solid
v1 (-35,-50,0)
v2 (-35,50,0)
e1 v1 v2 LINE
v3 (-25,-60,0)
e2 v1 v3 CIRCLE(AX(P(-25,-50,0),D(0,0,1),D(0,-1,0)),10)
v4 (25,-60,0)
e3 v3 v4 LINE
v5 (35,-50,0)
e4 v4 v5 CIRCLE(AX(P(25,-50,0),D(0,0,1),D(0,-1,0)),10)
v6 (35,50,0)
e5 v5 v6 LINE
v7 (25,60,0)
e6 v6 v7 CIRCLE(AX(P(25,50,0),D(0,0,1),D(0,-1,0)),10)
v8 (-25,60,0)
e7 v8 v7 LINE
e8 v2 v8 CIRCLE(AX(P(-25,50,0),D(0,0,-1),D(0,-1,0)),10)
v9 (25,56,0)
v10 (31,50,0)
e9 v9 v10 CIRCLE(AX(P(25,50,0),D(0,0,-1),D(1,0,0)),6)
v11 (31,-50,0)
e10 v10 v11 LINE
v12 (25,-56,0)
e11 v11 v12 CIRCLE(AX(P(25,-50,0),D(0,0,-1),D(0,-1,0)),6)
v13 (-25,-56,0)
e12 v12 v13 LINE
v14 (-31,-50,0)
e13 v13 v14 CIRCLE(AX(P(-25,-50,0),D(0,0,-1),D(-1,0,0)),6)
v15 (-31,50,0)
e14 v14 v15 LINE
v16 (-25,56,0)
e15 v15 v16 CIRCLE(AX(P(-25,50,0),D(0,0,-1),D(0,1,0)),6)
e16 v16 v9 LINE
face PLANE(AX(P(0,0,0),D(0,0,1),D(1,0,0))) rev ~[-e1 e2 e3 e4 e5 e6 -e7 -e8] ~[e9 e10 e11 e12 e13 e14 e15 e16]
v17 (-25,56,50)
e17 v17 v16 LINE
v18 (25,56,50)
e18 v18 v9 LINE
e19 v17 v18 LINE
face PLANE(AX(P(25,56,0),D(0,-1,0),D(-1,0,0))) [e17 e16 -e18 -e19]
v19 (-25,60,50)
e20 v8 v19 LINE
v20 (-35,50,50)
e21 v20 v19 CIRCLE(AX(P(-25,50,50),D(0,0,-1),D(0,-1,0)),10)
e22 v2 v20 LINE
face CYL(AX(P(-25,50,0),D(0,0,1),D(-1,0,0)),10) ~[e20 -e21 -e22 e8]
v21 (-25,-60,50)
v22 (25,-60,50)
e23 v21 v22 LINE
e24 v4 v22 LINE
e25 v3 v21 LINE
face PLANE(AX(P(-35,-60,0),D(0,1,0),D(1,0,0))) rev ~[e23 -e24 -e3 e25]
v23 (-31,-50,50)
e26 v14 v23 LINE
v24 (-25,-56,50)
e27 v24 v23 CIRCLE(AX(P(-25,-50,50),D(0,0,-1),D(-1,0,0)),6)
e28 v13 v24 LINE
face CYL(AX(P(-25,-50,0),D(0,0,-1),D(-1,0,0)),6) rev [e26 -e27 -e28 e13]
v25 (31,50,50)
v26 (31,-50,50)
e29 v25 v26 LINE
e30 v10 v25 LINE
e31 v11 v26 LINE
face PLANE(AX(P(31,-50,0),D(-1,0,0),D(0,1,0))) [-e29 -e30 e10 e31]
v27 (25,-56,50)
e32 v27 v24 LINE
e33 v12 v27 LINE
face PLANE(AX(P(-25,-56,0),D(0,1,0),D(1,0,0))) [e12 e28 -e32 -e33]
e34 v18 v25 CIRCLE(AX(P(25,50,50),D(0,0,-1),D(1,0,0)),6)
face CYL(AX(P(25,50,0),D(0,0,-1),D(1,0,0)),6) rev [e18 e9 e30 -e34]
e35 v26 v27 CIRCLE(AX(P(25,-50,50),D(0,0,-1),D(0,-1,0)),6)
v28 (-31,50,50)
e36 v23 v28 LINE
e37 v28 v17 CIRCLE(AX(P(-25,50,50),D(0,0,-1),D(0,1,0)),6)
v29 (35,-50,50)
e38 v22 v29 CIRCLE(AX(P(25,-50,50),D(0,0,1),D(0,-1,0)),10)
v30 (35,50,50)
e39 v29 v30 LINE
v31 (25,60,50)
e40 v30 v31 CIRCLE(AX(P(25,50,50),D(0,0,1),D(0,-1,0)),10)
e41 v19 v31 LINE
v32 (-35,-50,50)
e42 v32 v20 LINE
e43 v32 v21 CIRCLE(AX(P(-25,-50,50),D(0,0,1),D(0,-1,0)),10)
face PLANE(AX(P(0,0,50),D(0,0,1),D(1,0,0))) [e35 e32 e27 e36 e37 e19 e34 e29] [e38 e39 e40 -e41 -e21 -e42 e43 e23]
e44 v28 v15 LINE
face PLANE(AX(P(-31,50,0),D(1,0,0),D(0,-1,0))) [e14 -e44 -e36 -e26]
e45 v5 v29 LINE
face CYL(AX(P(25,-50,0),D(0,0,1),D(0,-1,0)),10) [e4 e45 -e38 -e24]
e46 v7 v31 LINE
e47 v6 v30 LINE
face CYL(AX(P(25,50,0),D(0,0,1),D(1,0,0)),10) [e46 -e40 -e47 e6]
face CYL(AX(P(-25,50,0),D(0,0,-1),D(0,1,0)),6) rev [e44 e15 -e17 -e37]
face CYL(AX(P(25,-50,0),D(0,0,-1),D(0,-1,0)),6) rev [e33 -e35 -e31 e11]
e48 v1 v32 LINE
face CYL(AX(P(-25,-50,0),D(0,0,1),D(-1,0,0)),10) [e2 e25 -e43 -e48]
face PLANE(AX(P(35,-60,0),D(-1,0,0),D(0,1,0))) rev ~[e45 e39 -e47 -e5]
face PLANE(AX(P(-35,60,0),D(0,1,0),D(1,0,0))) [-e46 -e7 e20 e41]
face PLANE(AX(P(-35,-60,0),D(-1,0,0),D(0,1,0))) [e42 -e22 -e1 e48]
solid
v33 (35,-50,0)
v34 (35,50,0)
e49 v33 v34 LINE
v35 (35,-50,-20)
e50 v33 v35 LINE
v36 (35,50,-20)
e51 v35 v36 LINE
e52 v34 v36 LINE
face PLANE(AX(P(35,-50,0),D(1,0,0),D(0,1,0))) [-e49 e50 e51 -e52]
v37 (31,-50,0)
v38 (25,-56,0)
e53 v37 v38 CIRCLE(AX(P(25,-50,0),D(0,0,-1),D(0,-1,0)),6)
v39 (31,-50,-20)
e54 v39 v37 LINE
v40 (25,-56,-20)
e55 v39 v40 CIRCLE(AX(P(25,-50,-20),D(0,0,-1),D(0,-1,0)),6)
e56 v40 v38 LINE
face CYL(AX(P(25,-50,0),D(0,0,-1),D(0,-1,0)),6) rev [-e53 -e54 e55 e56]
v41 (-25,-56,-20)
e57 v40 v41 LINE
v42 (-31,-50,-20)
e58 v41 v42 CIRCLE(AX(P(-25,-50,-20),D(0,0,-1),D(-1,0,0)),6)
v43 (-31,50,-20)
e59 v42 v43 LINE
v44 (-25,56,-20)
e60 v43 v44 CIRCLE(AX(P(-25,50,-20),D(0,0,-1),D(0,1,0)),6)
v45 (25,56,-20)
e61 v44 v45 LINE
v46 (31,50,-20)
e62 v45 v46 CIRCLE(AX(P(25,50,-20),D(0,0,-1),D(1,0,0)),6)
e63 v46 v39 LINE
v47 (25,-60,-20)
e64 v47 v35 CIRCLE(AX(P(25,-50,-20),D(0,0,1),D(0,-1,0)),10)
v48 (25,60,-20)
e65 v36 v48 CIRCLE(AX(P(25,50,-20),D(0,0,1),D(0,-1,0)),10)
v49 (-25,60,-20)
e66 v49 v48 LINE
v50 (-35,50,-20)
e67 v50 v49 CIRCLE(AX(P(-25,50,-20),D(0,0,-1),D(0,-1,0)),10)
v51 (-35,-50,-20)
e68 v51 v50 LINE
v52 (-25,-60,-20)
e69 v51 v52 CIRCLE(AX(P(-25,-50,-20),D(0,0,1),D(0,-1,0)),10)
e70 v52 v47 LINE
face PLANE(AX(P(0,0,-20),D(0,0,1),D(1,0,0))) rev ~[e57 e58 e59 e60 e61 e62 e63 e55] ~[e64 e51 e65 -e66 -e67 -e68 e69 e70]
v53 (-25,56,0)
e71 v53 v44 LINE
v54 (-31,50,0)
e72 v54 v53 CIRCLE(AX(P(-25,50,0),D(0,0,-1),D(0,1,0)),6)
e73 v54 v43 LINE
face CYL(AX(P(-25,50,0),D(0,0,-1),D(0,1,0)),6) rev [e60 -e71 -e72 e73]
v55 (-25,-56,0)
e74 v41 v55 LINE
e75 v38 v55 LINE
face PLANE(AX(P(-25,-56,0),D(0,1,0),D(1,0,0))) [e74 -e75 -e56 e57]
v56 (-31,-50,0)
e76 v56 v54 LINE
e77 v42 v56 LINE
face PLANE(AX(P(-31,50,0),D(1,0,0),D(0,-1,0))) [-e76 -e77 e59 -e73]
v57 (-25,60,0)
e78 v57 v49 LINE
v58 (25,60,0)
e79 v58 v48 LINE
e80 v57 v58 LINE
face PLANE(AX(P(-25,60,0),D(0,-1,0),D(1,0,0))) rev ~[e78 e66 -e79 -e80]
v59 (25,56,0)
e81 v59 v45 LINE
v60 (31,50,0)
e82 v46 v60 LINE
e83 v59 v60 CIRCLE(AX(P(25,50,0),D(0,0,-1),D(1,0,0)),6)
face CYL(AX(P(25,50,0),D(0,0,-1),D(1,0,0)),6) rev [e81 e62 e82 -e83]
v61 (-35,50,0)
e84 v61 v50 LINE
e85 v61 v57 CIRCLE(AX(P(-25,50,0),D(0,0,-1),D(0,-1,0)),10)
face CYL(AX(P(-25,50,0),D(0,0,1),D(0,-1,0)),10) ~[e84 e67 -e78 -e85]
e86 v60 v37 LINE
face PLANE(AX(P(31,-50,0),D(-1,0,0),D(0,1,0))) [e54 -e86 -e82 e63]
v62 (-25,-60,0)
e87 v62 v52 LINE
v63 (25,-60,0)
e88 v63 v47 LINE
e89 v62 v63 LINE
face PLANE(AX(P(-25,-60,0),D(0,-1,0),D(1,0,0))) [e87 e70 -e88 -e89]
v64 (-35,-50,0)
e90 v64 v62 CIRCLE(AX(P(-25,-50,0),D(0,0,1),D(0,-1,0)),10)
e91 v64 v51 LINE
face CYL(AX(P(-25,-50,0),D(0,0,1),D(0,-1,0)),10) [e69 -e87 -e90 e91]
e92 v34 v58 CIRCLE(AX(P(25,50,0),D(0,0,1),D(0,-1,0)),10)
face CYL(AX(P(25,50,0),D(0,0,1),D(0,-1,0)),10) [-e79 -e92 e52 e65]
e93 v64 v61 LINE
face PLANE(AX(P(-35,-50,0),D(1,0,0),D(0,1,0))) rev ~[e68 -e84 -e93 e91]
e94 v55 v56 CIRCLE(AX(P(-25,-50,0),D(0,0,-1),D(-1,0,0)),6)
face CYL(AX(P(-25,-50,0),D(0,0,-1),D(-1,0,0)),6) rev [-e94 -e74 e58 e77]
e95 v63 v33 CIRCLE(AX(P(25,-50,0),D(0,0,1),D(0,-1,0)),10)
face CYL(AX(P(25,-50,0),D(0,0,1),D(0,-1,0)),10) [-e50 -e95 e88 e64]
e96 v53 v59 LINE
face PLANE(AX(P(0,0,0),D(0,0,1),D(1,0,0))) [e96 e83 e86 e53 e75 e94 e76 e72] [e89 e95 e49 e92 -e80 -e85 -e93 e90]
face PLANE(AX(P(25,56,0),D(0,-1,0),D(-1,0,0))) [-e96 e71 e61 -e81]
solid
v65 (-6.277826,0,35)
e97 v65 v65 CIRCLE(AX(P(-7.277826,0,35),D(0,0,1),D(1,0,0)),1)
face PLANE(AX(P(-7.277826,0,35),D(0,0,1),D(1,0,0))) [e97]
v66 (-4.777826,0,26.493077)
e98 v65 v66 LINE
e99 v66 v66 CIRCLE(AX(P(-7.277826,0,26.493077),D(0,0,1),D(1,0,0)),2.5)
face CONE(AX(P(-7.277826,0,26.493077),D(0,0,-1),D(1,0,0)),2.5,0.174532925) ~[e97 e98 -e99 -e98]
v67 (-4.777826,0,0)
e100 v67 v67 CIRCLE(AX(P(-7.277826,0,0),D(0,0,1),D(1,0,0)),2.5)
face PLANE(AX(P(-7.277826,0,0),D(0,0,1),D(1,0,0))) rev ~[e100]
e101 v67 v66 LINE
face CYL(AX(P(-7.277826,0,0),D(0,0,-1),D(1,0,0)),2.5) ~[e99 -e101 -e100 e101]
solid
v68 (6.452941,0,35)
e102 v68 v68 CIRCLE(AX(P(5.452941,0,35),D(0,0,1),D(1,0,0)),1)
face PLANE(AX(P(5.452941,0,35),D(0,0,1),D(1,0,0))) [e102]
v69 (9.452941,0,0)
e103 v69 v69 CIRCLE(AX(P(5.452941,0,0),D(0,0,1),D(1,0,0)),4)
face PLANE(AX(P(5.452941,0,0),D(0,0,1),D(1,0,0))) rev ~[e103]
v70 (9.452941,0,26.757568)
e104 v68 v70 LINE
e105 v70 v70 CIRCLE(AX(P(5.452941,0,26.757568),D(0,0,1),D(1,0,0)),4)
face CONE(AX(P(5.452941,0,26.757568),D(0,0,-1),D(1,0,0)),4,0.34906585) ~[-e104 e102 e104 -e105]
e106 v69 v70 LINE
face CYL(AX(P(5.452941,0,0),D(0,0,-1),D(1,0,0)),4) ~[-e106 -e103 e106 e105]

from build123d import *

# Parameters (mm, degrees)
F0_R          = 2.5
F0_R_2        = 4
F1_DEPTH      = 35
F2_SIZE2      = 8.2424322584
F2_SIZE       = 3
F3_SIZE2      = 8.5069227294
F3_SIZE       = 1.5
F4_W          = 70
F4_H          = 120
F5_DEPTH      = 50
F6_R          = 10
F7_DEPTH      = 20
F9_DEPTH      = 20.001
F9_DEPTH_BACK = 50.001


with BuildPart() as f1:
    # F0 (on Top) → F1 (new body)
    with BuildSketch(Plane.XY):
        with Locations((-7.2778258292, 0)):
            Circle(F0_R)
        with Locations((5.452941441, 0)):
            Circle(F0_R_2)
    extrude(amount=F1_DEPTH)

    # F2
    f2_edges = [f1.edges().sort_by_distance(p)[0] for p in [
        (1.452941, 0, 35),
    ]]
    f2_side = f1.faces().sort_by_distance((5.452941, 0, 35))[0]
    chamfer(f2_edges, length=F2_SIZE, length2=F2_SIZE2, reference=f2_side)

    # F3
    f3_edges = [f1.edges().sort_by_distance(p)[0] for p in [
        (-9.777826, 0, 35),
    ]]
    f3_side = f1.faces().sort_by_distance((-7.277826, 0, 35))[0]
    chamfer(f3_edges, length=F3_SIZE, length2=F3_SIZE2, reference=f3_side)


with BuildPart() as f5:
    # F4 (on Top) → F5 (new body)
    with BuildSketch(Plane.XY):
        Rectangle(F4_W, F4_H)
    extrude(amount=F5_DEPTH)

    # F6
    f6_edges = [f5.edges().sort_by_distance(p)[0] for p in [
        (-35, 60, 25),
        (35, 60, 25),
        (35, -60, 25),
        (-35, -60, 25),
    ]]
    fillet(f6_edges, radius=F6_R)


with BuildPart() as f7:
    # F7 (new): a face of the model
    f7_faces = [f5.part.faces().sort_by_distance(p)[0] for p in [
        (0, 0, 0),
    ]]
    extrude(f7_faces, amount=F7_DEPTH)


with BuildPart() as f9_tool:
    # F8 (on Top) → F9 (new body, two sides)
    with BuildSketch(Plane.XY) as f9_sk:
        with BuildLine():
            Line((-31, 50), (-31, -50))
            ThreePointArc((-31, -50), (-29.2426406871, -54.2426406871), (-25, -56))
            Line((-25, -56), (25, -56))
            ThreePointArc((25, -56), (29.2426406871, -54.2426406871), (31, -50))
            Line((31, -50), (31, 50))
            ThreePointArc((31, 50), (29.2426406871, 54.2426406871), (25, 56))
            Line((25, 56), (-25, 56))
            ThreePointArc((-25, 56), (-29.2426406871, 54.2426406871), (-31, 50))
        make_face()
    extrude(amount=-F9_DEPTH)
    extrude(f9_sk.sketch, amount=F9_DEPTH_BACK)


with BuildPart() as f5_1:
    add(f5.part)

    # F9: cut by f9_tool
    add(f9_tool.part, mode=Mode.SUBTRACT)


with BuildPart() as f7_1:
    add(f7.part)

    # F9: cut by f9_tool
    add(f9_tool.part, mode=Mode.SUBTRACT)


solid = Compound([f1.part, f5_1.part, f7_1.part])
